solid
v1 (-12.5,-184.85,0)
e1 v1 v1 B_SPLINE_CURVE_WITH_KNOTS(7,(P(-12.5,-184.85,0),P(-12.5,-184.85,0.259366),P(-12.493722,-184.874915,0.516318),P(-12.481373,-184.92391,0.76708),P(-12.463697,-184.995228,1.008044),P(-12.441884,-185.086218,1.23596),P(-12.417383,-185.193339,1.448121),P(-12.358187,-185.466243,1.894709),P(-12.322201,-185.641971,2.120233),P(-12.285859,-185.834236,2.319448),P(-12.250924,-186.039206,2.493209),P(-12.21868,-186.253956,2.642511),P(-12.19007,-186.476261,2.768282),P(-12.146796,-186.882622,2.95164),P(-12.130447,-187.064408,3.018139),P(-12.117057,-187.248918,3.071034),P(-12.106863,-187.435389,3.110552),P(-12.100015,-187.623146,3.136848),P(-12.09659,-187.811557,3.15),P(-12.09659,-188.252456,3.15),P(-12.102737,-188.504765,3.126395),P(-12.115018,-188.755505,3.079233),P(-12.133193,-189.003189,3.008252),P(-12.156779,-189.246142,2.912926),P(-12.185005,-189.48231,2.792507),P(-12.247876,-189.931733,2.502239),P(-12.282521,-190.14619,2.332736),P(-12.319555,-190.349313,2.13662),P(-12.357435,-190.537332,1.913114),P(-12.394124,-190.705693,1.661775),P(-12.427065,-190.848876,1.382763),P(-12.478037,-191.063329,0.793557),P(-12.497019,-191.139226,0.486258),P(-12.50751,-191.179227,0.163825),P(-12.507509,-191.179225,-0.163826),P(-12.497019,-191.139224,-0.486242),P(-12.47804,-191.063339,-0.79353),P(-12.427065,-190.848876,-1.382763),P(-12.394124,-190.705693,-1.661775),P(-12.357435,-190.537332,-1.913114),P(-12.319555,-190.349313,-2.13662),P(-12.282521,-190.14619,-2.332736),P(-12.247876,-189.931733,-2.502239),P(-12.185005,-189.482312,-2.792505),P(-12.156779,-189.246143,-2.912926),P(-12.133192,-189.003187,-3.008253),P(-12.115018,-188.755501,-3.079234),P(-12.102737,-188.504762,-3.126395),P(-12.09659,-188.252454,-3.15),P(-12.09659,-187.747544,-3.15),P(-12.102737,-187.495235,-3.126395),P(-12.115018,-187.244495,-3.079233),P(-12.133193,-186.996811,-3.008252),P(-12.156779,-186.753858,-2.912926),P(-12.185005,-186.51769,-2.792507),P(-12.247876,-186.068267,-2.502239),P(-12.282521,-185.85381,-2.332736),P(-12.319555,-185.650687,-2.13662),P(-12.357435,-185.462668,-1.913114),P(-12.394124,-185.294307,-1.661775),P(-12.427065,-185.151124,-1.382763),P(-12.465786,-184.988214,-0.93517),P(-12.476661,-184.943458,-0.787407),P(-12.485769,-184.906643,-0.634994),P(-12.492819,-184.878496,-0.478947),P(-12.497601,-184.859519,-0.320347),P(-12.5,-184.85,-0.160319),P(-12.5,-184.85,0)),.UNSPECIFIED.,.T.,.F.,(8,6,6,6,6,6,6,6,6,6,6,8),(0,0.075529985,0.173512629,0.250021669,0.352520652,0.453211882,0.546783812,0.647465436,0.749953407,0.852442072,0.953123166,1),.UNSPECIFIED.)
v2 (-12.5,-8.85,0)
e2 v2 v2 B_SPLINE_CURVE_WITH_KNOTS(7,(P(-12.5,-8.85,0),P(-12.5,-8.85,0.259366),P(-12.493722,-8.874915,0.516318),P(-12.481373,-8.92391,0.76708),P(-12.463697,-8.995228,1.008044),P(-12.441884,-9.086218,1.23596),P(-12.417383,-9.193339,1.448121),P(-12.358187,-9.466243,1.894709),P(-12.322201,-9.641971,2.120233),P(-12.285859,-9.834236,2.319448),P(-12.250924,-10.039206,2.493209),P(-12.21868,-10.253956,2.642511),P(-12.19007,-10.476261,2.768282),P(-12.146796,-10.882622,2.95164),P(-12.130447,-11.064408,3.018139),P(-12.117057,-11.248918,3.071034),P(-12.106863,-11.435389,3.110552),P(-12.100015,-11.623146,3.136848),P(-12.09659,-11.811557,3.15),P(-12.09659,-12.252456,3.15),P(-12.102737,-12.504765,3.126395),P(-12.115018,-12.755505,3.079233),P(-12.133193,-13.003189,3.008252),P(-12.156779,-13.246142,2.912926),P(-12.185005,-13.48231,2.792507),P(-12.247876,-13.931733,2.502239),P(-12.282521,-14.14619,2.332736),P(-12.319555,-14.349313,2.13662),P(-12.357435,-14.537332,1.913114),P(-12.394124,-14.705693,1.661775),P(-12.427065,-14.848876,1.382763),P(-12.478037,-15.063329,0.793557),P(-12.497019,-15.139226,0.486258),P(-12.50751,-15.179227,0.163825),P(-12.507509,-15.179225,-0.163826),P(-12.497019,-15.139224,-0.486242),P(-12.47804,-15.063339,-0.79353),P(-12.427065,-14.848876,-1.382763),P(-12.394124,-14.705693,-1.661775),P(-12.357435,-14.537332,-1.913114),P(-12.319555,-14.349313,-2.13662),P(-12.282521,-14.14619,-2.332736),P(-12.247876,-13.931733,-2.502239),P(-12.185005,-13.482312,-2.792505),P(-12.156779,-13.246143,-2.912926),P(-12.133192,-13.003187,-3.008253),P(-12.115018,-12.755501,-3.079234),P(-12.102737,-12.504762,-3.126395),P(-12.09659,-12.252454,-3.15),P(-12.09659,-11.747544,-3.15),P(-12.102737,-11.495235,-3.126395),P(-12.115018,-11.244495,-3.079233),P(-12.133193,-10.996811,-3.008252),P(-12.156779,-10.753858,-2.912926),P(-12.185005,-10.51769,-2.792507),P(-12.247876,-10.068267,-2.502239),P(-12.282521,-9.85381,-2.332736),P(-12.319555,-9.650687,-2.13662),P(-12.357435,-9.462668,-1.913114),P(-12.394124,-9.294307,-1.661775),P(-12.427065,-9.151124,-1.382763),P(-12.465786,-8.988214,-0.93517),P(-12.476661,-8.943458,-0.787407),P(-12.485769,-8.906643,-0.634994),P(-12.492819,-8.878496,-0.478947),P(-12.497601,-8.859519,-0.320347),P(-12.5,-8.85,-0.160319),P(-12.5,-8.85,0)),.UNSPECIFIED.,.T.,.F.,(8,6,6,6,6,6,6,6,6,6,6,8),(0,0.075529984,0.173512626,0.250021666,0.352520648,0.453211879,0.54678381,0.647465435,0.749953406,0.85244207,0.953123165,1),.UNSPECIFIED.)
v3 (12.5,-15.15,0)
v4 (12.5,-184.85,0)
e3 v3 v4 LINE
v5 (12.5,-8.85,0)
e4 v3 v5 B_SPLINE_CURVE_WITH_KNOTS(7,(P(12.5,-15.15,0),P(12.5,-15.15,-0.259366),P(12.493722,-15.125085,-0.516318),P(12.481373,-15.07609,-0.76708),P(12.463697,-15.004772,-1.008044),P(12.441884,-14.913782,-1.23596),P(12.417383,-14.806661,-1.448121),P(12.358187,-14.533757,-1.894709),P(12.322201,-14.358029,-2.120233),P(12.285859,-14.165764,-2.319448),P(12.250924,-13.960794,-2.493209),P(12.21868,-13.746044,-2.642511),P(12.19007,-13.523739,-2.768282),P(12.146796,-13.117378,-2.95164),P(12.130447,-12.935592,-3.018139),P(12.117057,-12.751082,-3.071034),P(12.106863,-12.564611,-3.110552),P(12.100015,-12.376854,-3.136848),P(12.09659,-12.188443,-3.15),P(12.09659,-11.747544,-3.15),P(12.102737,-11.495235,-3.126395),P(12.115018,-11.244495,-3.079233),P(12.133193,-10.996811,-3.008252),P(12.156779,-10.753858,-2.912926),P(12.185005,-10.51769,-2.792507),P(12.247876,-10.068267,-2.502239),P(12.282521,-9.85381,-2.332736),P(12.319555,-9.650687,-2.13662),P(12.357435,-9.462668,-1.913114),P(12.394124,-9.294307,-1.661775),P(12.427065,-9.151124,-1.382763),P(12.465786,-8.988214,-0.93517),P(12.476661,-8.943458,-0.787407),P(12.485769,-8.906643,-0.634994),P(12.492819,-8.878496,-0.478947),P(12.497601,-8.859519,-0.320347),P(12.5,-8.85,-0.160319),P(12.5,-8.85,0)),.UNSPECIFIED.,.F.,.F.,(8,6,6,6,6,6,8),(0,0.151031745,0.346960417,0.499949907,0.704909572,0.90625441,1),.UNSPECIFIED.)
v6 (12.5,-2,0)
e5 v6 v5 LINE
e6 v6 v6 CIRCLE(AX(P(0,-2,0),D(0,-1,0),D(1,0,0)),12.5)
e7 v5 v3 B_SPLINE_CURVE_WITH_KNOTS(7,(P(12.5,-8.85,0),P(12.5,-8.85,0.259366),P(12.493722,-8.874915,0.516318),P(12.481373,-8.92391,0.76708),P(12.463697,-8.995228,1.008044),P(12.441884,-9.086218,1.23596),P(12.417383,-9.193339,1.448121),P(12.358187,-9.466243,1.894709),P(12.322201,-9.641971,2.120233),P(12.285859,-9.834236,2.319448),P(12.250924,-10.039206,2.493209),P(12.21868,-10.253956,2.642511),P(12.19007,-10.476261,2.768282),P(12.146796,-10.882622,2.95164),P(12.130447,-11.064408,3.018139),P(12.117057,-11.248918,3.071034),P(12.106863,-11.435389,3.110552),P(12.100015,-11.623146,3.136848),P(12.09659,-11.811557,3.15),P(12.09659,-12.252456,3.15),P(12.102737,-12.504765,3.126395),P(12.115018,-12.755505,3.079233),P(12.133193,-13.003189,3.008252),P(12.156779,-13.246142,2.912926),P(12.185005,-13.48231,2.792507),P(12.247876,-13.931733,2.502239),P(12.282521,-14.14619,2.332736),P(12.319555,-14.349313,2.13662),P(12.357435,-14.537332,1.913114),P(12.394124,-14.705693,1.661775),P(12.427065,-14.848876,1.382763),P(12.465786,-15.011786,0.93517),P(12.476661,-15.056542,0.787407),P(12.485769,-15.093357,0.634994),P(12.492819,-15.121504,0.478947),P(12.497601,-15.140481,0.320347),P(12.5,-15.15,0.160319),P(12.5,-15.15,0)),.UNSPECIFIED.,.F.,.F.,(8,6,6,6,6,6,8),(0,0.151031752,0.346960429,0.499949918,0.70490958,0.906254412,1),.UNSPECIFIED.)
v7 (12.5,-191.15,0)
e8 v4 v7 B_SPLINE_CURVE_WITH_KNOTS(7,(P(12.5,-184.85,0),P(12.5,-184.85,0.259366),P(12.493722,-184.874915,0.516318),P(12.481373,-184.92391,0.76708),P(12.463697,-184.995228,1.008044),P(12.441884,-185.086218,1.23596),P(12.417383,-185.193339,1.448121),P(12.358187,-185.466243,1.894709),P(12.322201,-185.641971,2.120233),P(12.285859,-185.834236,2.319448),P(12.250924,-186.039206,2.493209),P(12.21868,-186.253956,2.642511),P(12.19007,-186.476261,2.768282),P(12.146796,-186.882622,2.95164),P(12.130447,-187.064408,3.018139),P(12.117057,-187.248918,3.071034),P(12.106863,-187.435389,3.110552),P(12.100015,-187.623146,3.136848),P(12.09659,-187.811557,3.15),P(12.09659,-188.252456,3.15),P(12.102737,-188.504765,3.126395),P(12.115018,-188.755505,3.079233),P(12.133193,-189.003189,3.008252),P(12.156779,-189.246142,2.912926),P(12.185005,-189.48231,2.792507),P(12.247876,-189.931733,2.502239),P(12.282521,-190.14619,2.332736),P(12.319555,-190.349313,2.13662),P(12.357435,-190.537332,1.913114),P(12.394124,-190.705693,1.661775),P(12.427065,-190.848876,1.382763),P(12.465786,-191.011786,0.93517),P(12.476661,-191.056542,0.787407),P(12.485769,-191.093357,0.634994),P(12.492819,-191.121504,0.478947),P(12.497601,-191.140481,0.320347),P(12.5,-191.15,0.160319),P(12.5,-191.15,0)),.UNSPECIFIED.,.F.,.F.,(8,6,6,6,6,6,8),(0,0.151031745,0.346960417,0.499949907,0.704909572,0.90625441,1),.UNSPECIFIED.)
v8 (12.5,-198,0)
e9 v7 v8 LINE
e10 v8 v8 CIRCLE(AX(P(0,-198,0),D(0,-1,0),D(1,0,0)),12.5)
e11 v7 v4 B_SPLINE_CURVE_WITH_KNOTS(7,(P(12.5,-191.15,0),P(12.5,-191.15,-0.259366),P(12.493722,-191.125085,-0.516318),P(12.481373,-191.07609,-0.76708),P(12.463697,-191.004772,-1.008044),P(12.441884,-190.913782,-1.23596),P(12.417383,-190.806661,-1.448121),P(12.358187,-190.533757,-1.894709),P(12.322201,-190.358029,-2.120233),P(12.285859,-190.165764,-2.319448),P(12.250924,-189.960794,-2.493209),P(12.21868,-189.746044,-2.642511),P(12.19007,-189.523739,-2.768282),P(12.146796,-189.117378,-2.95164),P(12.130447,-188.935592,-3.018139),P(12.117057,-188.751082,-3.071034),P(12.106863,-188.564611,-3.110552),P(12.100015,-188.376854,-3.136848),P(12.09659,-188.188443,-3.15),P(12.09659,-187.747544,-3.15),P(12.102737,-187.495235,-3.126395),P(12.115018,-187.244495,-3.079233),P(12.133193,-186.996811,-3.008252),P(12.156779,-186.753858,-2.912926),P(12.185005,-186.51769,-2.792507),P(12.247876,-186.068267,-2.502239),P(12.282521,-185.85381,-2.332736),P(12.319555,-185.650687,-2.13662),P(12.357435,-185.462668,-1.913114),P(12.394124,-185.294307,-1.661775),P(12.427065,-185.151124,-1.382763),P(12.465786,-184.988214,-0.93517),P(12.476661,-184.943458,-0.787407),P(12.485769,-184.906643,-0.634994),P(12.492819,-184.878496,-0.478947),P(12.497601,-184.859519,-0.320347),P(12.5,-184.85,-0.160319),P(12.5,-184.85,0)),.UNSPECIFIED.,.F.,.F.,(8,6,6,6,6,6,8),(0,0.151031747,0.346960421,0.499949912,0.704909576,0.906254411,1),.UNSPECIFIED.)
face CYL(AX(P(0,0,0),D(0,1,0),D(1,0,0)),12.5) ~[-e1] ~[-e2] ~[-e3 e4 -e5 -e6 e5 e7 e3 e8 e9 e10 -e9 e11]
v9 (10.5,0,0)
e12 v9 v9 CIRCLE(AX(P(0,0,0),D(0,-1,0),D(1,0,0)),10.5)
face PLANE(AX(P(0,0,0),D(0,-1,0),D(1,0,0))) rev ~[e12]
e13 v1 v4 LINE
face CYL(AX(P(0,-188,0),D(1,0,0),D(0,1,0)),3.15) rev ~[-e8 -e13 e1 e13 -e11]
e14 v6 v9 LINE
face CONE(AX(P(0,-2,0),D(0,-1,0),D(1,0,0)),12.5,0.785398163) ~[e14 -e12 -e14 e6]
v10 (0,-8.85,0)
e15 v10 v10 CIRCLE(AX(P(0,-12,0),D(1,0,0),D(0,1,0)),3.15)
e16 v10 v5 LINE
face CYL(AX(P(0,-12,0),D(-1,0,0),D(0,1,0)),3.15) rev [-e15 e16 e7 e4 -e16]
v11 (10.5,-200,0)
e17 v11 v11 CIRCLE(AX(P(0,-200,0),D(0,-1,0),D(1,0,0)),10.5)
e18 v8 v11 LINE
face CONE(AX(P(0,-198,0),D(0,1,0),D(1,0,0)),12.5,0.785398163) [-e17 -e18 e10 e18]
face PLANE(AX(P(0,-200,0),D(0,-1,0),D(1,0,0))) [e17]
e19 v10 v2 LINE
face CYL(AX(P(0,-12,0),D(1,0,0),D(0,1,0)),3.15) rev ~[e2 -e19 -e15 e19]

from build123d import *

# Parameters (mm, degrees)
F0_R     = 12.5
F1_DEPTH = 200
F2_R     = 3.15
F3_DEPTH = 65
F4_SIZE  = 2


with BuildPart() as f1:
    # F0 (on Front) → F1 (new body)
    with BuildSketch(Plane.XZ):
        Circle(F0_R)
    extrude(amount=F1_DEPTH)

    # F2 (on Right) → F3 (cut, symmetric)
    with BuildSketch(Plane.YZ):
        with Locations((-12, 0)):
            Circle(F2_R)
        with Locations((-188, 0)):
            Circle(F2_R)
    extrude(amount=F3_DEPTH, both=True, mode=Mode.SUBTRACT)

    # F4
    f4_edges = [f1.edges().sort_by_distance(p)[0] for p in [
        (-12.5, 0, 0),
        (-12.5, -200, 0),
    ]]
    chamfer(f4_edges, length=F4_SIZE)


solid = f1.part
